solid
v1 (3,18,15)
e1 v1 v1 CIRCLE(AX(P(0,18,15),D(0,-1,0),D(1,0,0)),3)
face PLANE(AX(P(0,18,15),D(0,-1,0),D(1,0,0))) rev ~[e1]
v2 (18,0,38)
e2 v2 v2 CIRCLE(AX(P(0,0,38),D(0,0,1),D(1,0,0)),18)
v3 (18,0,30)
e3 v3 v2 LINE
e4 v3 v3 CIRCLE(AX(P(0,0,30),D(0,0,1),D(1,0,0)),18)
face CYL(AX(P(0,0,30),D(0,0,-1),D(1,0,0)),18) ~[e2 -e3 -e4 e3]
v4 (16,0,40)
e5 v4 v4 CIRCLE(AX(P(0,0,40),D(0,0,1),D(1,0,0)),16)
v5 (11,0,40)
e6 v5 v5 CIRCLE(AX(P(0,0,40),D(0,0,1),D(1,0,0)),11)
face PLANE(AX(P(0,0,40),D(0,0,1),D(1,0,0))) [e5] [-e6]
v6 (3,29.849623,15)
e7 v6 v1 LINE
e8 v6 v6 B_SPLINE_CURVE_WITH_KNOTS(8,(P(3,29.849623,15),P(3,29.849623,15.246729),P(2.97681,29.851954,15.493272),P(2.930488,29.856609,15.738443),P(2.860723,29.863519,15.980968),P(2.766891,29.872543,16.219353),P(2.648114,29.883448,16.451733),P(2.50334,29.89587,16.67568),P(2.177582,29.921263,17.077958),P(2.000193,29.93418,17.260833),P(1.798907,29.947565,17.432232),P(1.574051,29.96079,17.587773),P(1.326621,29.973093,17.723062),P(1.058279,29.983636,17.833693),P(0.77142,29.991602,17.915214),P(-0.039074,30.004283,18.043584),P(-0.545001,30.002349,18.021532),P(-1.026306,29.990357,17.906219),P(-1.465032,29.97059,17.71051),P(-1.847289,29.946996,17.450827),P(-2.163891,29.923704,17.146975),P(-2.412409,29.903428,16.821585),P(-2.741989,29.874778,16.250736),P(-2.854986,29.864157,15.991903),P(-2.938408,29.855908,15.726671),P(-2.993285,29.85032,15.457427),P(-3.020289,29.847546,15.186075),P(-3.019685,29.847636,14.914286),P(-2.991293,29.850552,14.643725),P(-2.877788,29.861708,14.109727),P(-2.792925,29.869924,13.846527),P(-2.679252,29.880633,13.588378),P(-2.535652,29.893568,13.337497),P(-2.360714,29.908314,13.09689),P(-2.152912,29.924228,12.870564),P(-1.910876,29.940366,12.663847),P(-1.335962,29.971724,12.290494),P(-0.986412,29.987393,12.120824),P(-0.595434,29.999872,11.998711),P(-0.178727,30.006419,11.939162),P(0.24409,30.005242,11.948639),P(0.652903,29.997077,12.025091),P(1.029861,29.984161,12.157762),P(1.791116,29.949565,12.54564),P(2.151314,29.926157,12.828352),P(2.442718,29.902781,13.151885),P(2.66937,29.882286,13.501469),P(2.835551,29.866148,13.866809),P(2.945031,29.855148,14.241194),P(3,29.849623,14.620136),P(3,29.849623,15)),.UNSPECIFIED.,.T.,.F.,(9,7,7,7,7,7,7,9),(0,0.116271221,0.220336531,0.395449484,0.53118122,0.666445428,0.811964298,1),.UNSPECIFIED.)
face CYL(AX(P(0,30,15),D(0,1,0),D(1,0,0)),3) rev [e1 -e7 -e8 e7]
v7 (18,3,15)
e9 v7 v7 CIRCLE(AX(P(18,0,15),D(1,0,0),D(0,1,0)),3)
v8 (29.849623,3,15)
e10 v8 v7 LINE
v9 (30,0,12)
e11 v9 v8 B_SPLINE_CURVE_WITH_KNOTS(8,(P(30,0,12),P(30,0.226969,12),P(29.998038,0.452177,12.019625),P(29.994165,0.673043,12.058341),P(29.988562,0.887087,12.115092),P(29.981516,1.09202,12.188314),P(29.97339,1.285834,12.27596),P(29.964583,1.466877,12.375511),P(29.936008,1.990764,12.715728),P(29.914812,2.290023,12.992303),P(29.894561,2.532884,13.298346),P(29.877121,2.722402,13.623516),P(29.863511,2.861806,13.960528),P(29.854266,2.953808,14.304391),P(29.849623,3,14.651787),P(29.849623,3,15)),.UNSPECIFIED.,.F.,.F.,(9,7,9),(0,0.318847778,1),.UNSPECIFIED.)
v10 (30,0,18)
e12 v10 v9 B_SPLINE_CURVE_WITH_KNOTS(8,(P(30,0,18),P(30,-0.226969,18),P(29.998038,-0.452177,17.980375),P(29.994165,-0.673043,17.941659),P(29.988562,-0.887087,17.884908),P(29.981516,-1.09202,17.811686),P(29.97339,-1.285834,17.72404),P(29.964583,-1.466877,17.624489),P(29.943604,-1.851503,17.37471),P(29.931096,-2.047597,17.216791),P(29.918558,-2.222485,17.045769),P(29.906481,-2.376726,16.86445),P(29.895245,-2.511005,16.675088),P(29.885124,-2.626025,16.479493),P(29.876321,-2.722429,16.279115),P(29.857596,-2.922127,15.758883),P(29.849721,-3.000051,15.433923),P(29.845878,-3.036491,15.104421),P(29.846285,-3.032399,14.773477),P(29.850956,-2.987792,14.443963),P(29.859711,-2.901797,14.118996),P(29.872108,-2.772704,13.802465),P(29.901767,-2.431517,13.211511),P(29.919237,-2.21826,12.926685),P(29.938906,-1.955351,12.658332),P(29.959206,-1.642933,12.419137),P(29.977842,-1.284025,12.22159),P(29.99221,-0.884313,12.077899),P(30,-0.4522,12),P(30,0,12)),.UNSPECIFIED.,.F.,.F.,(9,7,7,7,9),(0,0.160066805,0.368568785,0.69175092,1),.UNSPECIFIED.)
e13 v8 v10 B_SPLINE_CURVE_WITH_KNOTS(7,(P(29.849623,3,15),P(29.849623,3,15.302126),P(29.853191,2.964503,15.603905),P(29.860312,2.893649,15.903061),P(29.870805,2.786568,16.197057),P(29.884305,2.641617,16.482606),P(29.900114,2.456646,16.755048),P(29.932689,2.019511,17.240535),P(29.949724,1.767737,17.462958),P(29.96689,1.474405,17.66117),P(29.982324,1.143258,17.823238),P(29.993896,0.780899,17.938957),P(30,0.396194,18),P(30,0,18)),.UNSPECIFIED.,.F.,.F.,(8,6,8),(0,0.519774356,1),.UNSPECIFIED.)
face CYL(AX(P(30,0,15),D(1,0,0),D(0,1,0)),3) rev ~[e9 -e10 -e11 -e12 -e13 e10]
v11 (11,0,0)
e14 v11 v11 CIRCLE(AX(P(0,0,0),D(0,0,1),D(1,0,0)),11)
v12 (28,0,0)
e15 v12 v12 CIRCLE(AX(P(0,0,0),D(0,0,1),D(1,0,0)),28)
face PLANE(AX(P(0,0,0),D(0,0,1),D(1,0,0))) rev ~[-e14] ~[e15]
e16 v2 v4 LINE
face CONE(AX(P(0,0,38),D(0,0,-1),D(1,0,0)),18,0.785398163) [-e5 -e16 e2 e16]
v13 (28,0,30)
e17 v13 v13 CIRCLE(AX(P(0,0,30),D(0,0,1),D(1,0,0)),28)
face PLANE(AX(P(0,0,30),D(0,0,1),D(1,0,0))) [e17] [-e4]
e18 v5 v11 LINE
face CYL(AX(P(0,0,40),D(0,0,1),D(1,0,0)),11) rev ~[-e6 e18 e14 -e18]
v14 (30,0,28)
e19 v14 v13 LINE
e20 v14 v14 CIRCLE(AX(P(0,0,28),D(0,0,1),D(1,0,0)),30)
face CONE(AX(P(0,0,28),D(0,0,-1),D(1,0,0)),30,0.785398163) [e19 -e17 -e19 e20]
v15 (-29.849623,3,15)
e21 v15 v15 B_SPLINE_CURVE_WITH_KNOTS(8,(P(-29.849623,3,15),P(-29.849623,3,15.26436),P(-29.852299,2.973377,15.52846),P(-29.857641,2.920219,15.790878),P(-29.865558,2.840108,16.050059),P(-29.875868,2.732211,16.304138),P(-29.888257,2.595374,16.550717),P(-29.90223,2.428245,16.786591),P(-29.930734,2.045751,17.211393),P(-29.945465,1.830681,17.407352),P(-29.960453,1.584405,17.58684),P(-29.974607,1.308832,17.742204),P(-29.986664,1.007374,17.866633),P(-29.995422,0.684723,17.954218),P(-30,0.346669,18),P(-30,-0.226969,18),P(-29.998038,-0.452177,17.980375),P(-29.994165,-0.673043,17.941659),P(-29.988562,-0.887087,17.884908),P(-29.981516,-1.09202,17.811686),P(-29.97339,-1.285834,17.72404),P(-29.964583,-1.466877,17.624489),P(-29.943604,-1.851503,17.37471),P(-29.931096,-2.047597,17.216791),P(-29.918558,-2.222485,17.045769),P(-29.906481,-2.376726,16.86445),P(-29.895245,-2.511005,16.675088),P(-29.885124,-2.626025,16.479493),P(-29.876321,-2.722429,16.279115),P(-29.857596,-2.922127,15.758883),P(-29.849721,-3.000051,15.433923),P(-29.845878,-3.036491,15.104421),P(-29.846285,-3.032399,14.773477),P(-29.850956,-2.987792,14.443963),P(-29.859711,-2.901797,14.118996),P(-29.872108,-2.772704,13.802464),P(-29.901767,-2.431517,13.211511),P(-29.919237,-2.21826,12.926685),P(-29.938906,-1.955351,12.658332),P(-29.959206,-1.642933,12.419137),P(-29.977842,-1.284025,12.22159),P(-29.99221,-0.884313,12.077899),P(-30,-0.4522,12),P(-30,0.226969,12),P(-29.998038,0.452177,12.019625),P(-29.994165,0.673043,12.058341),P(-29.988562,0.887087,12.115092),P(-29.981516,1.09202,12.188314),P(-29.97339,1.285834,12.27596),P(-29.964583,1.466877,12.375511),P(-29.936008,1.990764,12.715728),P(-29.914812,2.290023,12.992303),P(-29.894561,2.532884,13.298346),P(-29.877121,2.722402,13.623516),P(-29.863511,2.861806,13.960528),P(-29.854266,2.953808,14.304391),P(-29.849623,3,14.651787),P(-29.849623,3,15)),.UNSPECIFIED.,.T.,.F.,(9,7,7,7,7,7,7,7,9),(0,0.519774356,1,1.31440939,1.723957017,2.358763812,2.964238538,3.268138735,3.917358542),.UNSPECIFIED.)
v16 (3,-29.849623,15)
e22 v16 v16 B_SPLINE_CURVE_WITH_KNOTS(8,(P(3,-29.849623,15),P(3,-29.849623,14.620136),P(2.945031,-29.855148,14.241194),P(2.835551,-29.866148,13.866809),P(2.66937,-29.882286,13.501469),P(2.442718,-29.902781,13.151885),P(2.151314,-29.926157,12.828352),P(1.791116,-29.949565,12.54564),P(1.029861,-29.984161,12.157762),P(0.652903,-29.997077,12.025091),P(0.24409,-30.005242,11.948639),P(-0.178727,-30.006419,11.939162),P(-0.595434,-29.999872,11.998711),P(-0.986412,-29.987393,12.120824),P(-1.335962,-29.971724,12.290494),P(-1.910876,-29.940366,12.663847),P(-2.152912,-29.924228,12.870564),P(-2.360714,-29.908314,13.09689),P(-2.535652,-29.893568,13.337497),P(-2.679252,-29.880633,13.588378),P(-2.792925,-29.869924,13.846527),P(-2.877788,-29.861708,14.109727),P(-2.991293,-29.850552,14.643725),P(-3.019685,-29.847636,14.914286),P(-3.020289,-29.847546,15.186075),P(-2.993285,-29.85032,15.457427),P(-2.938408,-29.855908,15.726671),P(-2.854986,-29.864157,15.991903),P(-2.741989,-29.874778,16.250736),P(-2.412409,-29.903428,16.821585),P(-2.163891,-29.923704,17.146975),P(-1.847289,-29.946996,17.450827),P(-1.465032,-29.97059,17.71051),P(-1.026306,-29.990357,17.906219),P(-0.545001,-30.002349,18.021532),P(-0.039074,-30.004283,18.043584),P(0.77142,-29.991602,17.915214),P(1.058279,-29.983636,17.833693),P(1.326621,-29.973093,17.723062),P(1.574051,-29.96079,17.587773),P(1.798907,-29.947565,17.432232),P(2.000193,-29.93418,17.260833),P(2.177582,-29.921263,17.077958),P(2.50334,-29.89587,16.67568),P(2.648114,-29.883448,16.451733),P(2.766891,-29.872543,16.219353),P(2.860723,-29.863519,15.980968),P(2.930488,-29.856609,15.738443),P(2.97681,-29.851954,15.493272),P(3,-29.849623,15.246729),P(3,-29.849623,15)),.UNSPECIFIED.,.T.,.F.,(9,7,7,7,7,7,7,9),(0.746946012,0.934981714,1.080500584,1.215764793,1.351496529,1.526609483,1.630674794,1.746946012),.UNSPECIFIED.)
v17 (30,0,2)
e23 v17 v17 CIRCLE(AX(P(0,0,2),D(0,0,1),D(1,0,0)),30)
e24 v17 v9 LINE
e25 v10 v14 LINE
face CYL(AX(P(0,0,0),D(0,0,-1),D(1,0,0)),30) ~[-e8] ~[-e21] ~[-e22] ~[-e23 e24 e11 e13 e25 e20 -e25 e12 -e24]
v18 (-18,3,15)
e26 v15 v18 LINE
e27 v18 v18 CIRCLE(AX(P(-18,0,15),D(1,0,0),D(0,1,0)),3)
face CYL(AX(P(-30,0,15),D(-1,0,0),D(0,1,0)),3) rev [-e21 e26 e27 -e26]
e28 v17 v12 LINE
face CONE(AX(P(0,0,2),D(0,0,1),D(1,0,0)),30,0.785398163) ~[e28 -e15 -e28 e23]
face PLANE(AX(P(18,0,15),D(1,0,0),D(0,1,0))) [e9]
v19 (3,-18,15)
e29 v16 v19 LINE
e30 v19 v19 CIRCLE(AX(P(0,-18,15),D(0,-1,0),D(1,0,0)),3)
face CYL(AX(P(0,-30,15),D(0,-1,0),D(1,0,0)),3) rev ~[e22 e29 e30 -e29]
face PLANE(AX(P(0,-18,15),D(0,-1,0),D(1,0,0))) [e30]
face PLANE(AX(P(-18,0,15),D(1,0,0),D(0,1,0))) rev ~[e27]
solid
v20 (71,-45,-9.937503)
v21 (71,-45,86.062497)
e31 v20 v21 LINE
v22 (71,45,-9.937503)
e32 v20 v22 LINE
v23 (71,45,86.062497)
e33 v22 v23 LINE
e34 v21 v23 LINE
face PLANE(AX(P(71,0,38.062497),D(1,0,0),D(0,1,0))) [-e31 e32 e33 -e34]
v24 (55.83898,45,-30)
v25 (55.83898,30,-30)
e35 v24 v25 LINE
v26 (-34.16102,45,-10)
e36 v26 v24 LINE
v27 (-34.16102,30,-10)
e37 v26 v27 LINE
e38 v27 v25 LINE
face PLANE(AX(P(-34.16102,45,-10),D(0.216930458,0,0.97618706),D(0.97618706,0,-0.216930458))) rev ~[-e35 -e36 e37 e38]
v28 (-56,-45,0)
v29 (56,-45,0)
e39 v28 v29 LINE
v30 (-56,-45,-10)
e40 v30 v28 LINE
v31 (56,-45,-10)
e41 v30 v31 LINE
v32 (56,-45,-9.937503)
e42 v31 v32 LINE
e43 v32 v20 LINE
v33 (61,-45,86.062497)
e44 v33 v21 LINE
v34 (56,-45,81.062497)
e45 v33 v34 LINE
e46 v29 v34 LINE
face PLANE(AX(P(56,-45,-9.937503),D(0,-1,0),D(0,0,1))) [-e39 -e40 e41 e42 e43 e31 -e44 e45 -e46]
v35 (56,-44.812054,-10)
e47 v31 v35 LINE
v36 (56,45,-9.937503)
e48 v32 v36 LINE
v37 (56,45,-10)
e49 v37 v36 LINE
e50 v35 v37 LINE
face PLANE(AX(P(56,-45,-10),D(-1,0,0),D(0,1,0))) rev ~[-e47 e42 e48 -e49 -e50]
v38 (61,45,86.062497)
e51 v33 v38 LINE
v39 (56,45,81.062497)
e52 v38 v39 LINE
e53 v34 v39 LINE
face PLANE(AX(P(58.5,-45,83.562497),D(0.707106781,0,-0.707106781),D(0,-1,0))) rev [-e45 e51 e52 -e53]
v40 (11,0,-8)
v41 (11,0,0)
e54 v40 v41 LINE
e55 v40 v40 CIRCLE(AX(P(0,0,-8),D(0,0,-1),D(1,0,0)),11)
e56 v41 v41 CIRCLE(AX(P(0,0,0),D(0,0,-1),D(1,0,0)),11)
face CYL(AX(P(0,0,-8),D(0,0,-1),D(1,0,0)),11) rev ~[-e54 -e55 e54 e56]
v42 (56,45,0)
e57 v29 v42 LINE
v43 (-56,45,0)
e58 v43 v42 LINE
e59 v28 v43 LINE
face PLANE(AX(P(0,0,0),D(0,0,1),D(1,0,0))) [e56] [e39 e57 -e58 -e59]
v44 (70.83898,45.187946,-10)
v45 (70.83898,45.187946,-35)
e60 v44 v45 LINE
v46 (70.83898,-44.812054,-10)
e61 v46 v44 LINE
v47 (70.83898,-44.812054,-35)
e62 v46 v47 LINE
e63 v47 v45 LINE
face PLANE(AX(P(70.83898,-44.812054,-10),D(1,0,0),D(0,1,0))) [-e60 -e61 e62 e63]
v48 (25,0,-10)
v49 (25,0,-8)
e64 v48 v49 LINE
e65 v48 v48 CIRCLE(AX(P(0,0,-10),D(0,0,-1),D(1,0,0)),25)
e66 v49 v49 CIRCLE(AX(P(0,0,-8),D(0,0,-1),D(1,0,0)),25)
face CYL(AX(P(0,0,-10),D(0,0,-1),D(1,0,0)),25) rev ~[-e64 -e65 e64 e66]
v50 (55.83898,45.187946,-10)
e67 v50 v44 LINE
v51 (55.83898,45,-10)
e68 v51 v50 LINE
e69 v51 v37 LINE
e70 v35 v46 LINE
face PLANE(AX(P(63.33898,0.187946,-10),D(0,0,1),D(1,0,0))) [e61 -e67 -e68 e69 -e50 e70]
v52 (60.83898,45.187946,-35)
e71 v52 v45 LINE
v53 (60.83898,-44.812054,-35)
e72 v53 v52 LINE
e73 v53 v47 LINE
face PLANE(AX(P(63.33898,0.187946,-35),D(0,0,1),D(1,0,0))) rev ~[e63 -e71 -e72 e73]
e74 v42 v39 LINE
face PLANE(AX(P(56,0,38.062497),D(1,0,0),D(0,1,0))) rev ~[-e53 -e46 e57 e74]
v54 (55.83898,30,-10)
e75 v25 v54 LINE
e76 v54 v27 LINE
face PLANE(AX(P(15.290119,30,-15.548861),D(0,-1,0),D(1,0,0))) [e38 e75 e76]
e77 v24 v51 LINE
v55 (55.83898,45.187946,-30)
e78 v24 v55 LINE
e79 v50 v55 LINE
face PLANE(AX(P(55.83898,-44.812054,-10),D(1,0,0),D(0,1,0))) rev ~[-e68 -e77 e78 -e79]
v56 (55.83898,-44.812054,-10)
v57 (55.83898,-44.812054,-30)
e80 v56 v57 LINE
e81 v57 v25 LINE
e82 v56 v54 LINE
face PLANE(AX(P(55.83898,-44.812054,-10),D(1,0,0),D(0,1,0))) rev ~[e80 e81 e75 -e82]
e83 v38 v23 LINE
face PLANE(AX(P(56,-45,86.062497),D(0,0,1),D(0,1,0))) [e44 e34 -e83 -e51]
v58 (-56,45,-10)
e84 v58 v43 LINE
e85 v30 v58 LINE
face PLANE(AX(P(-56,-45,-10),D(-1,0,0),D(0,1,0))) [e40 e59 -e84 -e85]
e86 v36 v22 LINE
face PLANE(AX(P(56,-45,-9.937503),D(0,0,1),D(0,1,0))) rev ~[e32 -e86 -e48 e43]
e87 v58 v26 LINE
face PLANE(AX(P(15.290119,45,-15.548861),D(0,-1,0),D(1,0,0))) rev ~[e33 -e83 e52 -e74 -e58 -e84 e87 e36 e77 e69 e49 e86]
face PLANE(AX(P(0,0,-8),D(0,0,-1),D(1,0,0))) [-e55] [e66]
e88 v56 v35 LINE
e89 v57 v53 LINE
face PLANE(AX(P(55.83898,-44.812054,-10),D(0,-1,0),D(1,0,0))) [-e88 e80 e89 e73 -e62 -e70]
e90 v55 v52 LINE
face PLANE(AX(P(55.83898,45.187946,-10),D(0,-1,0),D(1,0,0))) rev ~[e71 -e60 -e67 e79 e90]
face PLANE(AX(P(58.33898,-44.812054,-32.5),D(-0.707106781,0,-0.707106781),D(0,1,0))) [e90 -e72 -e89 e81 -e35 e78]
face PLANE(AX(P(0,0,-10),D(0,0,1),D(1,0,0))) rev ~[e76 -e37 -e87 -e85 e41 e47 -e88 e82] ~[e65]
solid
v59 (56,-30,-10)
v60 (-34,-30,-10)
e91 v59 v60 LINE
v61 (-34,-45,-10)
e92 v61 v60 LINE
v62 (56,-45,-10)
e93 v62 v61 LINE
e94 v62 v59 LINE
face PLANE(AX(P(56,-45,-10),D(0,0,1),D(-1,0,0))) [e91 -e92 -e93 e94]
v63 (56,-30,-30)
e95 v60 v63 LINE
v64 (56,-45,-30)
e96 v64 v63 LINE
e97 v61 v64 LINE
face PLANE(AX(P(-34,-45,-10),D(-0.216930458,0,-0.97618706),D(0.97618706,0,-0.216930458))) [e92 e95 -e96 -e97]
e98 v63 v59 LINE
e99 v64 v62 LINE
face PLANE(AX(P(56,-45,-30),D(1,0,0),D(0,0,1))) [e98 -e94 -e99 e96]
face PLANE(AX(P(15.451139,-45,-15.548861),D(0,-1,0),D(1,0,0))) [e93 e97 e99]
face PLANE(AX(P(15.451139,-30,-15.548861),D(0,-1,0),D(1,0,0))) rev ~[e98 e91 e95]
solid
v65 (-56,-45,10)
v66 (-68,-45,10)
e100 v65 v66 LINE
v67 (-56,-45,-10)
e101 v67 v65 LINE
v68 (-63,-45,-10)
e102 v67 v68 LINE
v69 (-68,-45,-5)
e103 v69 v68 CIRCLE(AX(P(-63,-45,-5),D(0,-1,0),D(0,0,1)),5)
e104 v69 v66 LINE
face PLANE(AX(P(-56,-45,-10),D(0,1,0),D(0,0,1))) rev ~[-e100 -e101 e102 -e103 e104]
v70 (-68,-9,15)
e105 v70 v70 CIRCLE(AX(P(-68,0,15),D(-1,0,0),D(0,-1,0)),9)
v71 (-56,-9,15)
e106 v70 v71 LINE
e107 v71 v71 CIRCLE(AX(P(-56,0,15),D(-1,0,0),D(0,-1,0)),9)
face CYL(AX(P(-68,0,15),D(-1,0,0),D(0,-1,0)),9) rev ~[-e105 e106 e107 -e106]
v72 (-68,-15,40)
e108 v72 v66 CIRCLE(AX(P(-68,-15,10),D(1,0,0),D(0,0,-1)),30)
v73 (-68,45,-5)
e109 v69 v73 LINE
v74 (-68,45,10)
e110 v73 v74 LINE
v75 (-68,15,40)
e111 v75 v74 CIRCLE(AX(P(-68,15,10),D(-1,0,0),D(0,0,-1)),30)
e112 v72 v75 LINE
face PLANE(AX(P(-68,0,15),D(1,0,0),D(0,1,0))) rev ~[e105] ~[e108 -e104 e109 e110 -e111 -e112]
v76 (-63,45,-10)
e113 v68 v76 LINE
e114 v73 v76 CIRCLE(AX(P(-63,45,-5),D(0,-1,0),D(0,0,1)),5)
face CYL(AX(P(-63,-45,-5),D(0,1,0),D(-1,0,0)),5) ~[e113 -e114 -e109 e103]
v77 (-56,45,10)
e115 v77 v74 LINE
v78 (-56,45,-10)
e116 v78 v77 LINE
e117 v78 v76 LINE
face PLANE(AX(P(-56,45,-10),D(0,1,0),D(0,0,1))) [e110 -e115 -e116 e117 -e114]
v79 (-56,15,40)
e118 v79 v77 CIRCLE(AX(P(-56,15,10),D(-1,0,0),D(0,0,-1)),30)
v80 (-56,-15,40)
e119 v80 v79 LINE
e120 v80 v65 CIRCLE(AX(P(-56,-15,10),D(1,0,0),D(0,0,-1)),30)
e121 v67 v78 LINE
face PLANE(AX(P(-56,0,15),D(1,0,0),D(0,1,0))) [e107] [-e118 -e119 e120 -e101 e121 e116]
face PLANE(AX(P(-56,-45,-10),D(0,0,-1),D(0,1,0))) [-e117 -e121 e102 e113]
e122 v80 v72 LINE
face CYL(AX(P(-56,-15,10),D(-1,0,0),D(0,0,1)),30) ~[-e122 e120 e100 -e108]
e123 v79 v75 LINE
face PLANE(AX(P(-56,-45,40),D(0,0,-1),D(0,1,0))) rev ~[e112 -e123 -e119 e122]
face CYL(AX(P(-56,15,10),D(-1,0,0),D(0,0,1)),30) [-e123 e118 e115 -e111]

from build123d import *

# Parameters (mm, degrees)
F0_R      = 30
F1_DEPTH  = 30
F2_R      = 18
F3_DEPTH  = 10
F4_SIZE   = 2
F5_R      = 11
F6_DEPTH  = 40
F8_R      = 3
F9_DEPTH  = 12
F11_R     = 3
F12_DEPTH = 12
F15_R     = 3
F16_DEPTH = 12
F17_R     = 3
F18_DEPTH = 12
F20_W     = 90
F20_H     = 50
F21_DEPTH = 12
F22_R     = 9
F23_DEPTH = 12
F25_W     = 112
F25_H     = 90
F26_DEPTH = 10
F27_R     = 25
F28_DEPTH = 2
F29_R     = 11
F30_DEPTH = 8
F31_R     = 30
F32_R     = 30
F35_W     = 15
F35_H     = 90
F36_DEPTH = 25
F34_W     = 90
F34_H     = 96
F37_DEPTH = 15
F38_SIZE  = 5
F39_SIZE  = 5
F40_R     = 5
F44_DEPTH = 15
F46_DEPTH = 15


with BuildPart() as f1:
    # F0 (on Top) → F1 (new body)
    with BuildSketch(Plane.XY):
        Circle(F0_R)
    extrude(amount=F1_DEPTH)

    # F2 (on face) → F3 (join)
    with BuildSketch(Plane.XY.offset(30)):
        Circle(F2_R)
    extrude(amount=F3_DEPTH)

    # F4
    f4_edges = [f1.edges().sort_by_distance(p)[0] for p in [
        (-18, 0, 40),
        (-30, 0, 30),
        (-30, 0, 0),
    ]]
    chamfer(f4_edges, length=F4_SIZE)

    # F5 (on face) → F6 (cut)
    with BuildSketch(Plane.XY.offset(40)):
        Circle(F5_R)
    extrude(amount=-F6_DEPTH, mode=Mode.SUBTRACT)

    # F8 (on offset) → F9 (cut)
    with BuildSketch(Plane.YZ.offset(30)):
        with Locations((0, 15)):
            Circle(F8_R)
    extrude(amount=-F9_DEPTH, mode=Mode.SUBTRACT)

    # F11 (on offset) → F12 (cut)
    with BuildSketch(Plane.YZ.offset(-30)):
        with Locations((0, 15)):
            Circle(F11_R)
    extrude(amount=F12_DEPTH, mode=Mode.SUBTRACT)

    # F15 (on offset) → F16 (cut)
    with BuildSketch(Plane.XZ.offset(30)):
        with Locations((0, 15)):
            Circle(F15_R)
    extrude(amount=-F16_DEPTH, mode=Mode.SUBTRACT)

    # F17 (on offset) → F18 (cut)
    with BuildSketch(Plane.XZ.offset(-30)):
        with Locations((0, 15)):
            Circle(F17_R)
    extrude(amount=F18_DEPTH, mode=Mode.SUBTRACT)


with BuildPart() as f21:
    # F20 (on offset) → F21 (new body)
    with BuildSketch(Plane.YZ.offset(-56)):
        with Locations((0, 15)):
            Rectangle(F20_W, F20_H)
    extrude(amount=-F21_DEPTH)

    # F22 (on face) → F23 (cut)
    with BuildSketch(Plane(origin=(-68, 0, 0), x_dir=(0, -1, 0), z_dir=(-1, 0, 0))):
        with Locations((0, 15)):
            Circle(F22_R)
    extrude(amount=-F23_DEPTH, mode=Mode.SUBTRACT)

    # F31
    f31_edges = [f21.edges().sort_by_distance(p)[0] for p in [
        (-62, 45, 40),
    ]]
    fillet(f31_edges, radius=F31_R)

    # F32
    f32_edges = [f21.edges().sort_by_distance(p)[0] for p in [
        (-62, -45, 40),
    ]]
    fillet(f32_edges, radius=F32_R)

    # F40
    f40_edges = [f21.edges().sort_by_distance(p)[0] for p in [
        (-68, 0, -10),
    ]]
    fillet(f40_edges, radius=F40_R)


with BuildPart() as f26:
    # F25 (on offset) → F26 (new body)
    with BuildSketch(Plane.XY.offset(-10)):
        Rectangle(F25_W, F25_H)
    extrude(amount=F26_DEPTH)

    # F27 (on face) → F28 (cut)
    with BuildSketch(Plane(origin=(0, 0, -10), x_dir=(1, 0, 0), z_dir=(0, 0, -1))):
        Circle(F27_R)
    extrude(amount=-F28_DEPTH, mode=Mode.SUBTRACT)

    # F29 (on face) → F30 (cut)
    with BuildSketch(Plane(origin=(0, 0, -8), x_dir=(1, 0, 0), z_dir=(0, 0, -1))):
        Circle(F29_R)
    extrude(amount=-F30_DEPTH, mode=Mode.SUBTRACT)

    # F35 (on offset) → F36 (join)
    with BuildSketch(Plane.XY.offset(-10)):
        with Locations((63.33898, 0.187946)):
            Rectangle(F35_W, F35_H)
    extrude(amount=-F36_DEPTH)

    # F34 (on offset) → F37 (join)
    with BuildSketch(Plane.YZ.offset(56)):
        with Locations((0, 38.062497)):
            Rectangle(F34_W, F34_H)
    extrude(amount=F37_DEPTH)

    # F38
    f38_edges = [f26.edges().sort_by_distance(p)[0] for p in [
        (56, 0, 86.062497),
    ]]
    chamfer(f38_edges, length=F38_SIZE)

    # F39
    f39_edges = [f26.edges().sort_by_distance(p)[0] for p in [
        (55.83898, 0.187946, -35),
    ]]
    chamfer(f39_edges, length=F39_SIZE)

    # F43 (on offset) → F44 (join)
    with BuildSketch(Plane.XZ.offset(-45)):
        Polygon((55.83898, -30), (55.83898, -10), (-34.16102, -10), align=None)
    extrude(amount=F44_DEPTH)


with BuildPart() as f46:
    # F45 (on offset) → F46 (new body)
    with BuildSketch(Plane.XZ.offset(45)):
        Polygon((56, -30), (56, -10), (-34, -10), align=None)
    extrude(amount=-F46_DEPTH)


solid = Compound([f1.part, f21.part, f26.part, f46.part])
